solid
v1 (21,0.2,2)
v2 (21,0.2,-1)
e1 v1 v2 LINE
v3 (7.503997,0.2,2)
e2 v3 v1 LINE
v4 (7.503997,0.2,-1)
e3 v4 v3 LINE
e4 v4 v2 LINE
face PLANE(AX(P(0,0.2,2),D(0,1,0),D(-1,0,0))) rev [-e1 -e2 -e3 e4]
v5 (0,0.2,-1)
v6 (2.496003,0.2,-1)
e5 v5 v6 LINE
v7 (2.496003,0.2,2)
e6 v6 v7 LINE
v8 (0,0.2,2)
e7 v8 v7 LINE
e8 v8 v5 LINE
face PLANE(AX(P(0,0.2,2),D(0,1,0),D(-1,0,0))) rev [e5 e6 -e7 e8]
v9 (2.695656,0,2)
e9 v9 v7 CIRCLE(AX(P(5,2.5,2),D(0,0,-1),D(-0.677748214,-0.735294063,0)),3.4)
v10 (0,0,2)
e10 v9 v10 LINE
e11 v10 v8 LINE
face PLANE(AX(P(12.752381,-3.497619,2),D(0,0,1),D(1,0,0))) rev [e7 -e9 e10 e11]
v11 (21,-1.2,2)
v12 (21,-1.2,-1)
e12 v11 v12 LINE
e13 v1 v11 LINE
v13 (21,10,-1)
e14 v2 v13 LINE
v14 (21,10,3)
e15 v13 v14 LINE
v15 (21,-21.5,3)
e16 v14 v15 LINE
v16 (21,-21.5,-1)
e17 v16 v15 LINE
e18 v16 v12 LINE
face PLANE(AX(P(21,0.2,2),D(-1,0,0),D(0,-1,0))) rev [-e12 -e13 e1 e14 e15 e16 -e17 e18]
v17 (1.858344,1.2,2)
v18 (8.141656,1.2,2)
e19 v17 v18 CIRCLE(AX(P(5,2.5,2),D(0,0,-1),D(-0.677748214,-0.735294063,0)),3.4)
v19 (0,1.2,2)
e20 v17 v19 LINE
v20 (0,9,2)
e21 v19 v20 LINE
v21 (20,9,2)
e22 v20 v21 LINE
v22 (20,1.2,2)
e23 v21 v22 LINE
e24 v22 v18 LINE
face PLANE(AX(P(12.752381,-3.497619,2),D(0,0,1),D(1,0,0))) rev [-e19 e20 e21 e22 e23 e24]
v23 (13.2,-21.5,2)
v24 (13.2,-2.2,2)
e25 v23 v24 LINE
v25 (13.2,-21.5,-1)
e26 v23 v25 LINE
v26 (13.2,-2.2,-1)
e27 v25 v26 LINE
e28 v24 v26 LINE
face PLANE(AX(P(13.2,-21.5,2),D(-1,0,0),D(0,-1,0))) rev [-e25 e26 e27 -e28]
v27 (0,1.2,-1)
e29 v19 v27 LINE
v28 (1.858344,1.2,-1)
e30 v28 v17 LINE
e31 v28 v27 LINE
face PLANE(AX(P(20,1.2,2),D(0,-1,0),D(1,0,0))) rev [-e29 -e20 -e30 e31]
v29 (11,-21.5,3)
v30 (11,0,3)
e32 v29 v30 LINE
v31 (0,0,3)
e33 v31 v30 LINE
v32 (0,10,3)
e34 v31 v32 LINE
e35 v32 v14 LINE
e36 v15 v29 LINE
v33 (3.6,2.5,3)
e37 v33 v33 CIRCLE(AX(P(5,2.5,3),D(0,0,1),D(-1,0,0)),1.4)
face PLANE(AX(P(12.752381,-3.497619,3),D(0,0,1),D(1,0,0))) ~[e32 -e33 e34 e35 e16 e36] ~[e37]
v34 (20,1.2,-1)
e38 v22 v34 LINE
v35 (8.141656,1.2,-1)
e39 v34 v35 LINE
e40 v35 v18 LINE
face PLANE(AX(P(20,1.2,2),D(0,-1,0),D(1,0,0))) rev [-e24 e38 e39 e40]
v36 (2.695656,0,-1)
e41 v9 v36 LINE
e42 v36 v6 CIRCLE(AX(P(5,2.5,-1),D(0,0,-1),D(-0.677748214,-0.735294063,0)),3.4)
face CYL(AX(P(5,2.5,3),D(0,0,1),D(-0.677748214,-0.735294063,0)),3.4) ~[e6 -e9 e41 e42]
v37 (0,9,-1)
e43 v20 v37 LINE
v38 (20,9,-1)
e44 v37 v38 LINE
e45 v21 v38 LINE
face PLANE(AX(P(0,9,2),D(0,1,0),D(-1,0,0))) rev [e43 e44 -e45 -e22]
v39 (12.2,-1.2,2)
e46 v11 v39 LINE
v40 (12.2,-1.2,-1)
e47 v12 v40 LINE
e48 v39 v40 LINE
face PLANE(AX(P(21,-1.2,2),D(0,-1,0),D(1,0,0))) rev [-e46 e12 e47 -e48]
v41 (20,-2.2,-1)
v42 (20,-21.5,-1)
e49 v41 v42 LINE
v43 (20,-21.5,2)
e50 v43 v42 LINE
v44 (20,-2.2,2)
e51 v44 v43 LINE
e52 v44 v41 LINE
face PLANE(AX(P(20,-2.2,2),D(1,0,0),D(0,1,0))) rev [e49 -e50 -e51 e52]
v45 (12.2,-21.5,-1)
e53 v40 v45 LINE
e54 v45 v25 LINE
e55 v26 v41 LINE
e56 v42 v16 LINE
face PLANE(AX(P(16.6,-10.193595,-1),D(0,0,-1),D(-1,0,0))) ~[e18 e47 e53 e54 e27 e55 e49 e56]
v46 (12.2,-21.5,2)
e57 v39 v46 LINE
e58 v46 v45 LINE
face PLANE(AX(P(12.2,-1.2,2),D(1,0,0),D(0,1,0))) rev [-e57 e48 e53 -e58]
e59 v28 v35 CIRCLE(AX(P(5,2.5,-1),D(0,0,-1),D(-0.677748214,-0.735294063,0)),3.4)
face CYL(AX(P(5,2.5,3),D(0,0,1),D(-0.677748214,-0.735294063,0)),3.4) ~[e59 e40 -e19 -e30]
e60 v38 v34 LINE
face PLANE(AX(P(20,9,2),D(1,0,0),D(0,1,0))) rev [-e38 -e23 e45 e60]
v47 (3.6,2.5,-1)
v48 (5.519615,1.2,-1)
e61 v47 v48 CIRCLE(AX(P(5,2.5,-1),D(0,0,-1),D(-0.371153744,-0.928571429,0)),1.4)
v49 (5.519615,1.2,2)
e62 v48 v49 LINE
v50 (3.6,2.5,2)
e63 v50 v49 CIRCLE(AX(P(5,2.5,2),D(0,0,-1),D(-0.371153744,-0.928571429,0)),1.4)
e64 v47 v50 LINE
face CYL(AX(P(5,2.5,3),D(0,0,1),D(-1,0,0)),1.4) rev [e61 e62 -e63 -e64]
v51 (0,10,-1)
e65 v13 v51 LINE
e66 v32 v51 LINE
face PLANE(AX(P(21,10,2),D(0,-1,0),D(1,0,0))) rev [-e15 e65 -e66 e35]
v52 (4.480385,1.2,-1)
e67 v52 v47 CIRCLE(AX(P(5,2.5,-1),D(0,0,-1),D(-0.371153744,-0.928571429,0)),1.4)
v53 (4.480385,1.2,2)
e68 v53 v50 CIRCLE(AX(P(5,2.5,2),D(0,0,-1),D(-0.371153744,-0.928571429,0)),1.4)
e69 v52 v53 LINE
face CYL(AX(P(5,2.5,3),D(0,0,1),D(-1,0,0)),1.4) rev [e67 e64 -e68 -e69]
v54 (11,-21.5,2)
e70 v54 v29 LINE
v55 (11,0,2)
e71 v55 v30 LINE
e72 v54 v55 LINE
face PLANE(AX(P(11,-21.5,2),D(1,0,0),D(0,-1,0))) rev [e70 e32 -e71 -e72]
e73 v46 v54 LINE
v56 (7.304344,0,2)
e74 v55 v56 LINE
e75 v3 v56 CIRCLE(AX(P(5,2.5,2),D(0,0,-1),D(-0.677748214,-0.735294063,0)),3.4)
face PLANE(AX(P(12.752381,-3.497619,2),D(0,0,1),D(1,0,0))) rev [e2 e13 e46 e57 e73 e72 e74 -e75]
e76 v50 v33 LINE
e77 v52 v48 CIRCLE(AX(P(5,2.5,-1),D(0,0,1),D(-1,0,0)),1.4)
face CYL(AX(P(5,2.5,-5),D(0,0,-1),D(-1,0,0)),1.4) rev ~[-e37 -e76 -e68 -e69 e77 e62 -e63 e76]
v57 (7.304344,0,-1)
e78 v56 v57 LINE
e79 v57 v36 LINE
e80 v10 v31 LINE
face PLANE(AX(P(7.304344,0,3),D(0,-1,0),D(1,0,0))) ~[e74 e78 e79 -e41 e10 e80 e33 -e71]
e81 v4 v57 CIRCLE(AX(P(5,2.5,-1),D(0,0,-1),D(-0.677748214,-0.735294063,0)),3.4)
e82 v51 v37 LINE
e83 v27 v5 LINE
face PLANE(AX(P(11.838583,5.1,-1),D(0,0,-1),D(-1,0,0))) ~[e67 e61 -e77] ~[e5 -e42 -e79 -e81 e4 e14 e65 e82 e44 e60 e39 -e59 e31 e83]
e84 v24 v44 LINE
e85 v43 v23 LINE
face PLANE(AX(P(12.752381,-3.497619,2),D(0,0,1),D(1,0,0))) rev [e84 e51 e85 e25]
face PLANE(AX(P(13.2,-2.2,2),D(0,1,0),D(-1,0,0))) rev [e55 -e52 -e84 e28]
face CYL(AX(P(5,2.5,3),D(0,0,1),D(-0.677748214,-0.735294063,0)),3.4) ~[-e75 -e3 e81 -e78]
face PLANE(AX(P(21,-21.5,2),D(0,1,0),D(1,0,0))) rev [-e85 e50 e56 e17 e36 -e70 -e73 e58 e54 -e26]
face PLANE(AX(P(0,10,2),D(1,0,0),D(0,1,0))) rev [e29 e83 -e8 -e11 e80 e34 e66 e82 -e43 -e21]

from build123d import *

# Parameters (mm, degrees)
CYLINDER005_R     = 1.4
CYLINDER005_DEPTH = 10
EXTRUDE001_DEPTH  = 3
SKETCH002_R       = 1.4
EXTRUDE002_DEPTH  = 4
EXTRUDE_DEPTH     = 1


with BuildPart() as cylinder005:
    # Cylinder005 → Cylinder005 (new body)
    with BuildSketch(Plane(origin=(-5, 2.5, -5), x_dir=(1, 0, 0), z_dir=(0, 0, 1))):
        Circle(CYLINDER005_R)
    extrude(amount=CYLINDER005_DEPTH)


with BuildPart() as extrude001:
    # Sketch001 → Extrude001 (new body)
    with BuildSketch(Plane.XY.offset(10)):
        Polygon((-21, 10), (0, 10), (0, 9), (-20, 9), (-20, 1.2), (0, 1.2), (0, 0.2), (-21, 0.2), align=None)
        Polygon((-21, -1.2), (-12.2, -1.2), (-12.2, -21.5), (-13.2, -21.5), (-13.2, -2.2), (-20, -2.2), (-20, -21.5), (-21, -21.5), align=None)
    extrude(amount=-EXTRUDE001_DEPTH)


with BuildPart() as extrude001_1:
    # Extrude001 placement: moved
    add(extrude001.part.moved(Location((0, 0, -8))))


with BuildPart() as extrude002:
    # Sketch002 → Extrude002 (new body)
    with BuildSketch(Plane.XY.offset(10)):
        with BuildLine():
            ThreePointArc((-2.695656, 0), (-5, 5.9), (-7.304344, 0))
            Line((-7.304344, 0), (-2.695656, 0))
        make_face()
        with Locations((-5, 2.5)):
            Circle(SKETCH002_R, mode=Mode.SUBTRACT)
    extrude(amount=-EXTRUDE002_DEPTH)


with BuildPart() as extrude002_1:
    # Extrude002 placement: moved
    add(extrude002.part.moved(Location((0, 0, -7))))


with BuildPart() as body002:
    # Sketch → Extrude (new body)
    with BuildSketch(Plane.XY):
        Polygon((-11, 0), (0, 0), (0, 10), (-21, 10), (-21, -21.5), (-11, -21.5), align=None)
    extrude(amount=EXTRUDE_DEPTH)


with BuildPart() as body002_1:
    # Extrude placement: moved
    add(body002.part.moved(Location((0, 0, 2))))

    # Fusion012: union Extrude001, Extrude002
    add(extrude001_1.part)
    add(extrude002_1.part)

    # Cut001: cut Cylinder005
    add(cylinder005.part, mode=Mode.SUBTRACT)


with BuildPart() as part_mirroring003:
    # Part__Mirroring003: instance of Body002
    add(body002_1.part.mirror(Plane(origin=(0, 0, 0), x_dir=(0, -1, 0), z_dir=(1, 0, 0))))


solid = part_mirroring003.part
